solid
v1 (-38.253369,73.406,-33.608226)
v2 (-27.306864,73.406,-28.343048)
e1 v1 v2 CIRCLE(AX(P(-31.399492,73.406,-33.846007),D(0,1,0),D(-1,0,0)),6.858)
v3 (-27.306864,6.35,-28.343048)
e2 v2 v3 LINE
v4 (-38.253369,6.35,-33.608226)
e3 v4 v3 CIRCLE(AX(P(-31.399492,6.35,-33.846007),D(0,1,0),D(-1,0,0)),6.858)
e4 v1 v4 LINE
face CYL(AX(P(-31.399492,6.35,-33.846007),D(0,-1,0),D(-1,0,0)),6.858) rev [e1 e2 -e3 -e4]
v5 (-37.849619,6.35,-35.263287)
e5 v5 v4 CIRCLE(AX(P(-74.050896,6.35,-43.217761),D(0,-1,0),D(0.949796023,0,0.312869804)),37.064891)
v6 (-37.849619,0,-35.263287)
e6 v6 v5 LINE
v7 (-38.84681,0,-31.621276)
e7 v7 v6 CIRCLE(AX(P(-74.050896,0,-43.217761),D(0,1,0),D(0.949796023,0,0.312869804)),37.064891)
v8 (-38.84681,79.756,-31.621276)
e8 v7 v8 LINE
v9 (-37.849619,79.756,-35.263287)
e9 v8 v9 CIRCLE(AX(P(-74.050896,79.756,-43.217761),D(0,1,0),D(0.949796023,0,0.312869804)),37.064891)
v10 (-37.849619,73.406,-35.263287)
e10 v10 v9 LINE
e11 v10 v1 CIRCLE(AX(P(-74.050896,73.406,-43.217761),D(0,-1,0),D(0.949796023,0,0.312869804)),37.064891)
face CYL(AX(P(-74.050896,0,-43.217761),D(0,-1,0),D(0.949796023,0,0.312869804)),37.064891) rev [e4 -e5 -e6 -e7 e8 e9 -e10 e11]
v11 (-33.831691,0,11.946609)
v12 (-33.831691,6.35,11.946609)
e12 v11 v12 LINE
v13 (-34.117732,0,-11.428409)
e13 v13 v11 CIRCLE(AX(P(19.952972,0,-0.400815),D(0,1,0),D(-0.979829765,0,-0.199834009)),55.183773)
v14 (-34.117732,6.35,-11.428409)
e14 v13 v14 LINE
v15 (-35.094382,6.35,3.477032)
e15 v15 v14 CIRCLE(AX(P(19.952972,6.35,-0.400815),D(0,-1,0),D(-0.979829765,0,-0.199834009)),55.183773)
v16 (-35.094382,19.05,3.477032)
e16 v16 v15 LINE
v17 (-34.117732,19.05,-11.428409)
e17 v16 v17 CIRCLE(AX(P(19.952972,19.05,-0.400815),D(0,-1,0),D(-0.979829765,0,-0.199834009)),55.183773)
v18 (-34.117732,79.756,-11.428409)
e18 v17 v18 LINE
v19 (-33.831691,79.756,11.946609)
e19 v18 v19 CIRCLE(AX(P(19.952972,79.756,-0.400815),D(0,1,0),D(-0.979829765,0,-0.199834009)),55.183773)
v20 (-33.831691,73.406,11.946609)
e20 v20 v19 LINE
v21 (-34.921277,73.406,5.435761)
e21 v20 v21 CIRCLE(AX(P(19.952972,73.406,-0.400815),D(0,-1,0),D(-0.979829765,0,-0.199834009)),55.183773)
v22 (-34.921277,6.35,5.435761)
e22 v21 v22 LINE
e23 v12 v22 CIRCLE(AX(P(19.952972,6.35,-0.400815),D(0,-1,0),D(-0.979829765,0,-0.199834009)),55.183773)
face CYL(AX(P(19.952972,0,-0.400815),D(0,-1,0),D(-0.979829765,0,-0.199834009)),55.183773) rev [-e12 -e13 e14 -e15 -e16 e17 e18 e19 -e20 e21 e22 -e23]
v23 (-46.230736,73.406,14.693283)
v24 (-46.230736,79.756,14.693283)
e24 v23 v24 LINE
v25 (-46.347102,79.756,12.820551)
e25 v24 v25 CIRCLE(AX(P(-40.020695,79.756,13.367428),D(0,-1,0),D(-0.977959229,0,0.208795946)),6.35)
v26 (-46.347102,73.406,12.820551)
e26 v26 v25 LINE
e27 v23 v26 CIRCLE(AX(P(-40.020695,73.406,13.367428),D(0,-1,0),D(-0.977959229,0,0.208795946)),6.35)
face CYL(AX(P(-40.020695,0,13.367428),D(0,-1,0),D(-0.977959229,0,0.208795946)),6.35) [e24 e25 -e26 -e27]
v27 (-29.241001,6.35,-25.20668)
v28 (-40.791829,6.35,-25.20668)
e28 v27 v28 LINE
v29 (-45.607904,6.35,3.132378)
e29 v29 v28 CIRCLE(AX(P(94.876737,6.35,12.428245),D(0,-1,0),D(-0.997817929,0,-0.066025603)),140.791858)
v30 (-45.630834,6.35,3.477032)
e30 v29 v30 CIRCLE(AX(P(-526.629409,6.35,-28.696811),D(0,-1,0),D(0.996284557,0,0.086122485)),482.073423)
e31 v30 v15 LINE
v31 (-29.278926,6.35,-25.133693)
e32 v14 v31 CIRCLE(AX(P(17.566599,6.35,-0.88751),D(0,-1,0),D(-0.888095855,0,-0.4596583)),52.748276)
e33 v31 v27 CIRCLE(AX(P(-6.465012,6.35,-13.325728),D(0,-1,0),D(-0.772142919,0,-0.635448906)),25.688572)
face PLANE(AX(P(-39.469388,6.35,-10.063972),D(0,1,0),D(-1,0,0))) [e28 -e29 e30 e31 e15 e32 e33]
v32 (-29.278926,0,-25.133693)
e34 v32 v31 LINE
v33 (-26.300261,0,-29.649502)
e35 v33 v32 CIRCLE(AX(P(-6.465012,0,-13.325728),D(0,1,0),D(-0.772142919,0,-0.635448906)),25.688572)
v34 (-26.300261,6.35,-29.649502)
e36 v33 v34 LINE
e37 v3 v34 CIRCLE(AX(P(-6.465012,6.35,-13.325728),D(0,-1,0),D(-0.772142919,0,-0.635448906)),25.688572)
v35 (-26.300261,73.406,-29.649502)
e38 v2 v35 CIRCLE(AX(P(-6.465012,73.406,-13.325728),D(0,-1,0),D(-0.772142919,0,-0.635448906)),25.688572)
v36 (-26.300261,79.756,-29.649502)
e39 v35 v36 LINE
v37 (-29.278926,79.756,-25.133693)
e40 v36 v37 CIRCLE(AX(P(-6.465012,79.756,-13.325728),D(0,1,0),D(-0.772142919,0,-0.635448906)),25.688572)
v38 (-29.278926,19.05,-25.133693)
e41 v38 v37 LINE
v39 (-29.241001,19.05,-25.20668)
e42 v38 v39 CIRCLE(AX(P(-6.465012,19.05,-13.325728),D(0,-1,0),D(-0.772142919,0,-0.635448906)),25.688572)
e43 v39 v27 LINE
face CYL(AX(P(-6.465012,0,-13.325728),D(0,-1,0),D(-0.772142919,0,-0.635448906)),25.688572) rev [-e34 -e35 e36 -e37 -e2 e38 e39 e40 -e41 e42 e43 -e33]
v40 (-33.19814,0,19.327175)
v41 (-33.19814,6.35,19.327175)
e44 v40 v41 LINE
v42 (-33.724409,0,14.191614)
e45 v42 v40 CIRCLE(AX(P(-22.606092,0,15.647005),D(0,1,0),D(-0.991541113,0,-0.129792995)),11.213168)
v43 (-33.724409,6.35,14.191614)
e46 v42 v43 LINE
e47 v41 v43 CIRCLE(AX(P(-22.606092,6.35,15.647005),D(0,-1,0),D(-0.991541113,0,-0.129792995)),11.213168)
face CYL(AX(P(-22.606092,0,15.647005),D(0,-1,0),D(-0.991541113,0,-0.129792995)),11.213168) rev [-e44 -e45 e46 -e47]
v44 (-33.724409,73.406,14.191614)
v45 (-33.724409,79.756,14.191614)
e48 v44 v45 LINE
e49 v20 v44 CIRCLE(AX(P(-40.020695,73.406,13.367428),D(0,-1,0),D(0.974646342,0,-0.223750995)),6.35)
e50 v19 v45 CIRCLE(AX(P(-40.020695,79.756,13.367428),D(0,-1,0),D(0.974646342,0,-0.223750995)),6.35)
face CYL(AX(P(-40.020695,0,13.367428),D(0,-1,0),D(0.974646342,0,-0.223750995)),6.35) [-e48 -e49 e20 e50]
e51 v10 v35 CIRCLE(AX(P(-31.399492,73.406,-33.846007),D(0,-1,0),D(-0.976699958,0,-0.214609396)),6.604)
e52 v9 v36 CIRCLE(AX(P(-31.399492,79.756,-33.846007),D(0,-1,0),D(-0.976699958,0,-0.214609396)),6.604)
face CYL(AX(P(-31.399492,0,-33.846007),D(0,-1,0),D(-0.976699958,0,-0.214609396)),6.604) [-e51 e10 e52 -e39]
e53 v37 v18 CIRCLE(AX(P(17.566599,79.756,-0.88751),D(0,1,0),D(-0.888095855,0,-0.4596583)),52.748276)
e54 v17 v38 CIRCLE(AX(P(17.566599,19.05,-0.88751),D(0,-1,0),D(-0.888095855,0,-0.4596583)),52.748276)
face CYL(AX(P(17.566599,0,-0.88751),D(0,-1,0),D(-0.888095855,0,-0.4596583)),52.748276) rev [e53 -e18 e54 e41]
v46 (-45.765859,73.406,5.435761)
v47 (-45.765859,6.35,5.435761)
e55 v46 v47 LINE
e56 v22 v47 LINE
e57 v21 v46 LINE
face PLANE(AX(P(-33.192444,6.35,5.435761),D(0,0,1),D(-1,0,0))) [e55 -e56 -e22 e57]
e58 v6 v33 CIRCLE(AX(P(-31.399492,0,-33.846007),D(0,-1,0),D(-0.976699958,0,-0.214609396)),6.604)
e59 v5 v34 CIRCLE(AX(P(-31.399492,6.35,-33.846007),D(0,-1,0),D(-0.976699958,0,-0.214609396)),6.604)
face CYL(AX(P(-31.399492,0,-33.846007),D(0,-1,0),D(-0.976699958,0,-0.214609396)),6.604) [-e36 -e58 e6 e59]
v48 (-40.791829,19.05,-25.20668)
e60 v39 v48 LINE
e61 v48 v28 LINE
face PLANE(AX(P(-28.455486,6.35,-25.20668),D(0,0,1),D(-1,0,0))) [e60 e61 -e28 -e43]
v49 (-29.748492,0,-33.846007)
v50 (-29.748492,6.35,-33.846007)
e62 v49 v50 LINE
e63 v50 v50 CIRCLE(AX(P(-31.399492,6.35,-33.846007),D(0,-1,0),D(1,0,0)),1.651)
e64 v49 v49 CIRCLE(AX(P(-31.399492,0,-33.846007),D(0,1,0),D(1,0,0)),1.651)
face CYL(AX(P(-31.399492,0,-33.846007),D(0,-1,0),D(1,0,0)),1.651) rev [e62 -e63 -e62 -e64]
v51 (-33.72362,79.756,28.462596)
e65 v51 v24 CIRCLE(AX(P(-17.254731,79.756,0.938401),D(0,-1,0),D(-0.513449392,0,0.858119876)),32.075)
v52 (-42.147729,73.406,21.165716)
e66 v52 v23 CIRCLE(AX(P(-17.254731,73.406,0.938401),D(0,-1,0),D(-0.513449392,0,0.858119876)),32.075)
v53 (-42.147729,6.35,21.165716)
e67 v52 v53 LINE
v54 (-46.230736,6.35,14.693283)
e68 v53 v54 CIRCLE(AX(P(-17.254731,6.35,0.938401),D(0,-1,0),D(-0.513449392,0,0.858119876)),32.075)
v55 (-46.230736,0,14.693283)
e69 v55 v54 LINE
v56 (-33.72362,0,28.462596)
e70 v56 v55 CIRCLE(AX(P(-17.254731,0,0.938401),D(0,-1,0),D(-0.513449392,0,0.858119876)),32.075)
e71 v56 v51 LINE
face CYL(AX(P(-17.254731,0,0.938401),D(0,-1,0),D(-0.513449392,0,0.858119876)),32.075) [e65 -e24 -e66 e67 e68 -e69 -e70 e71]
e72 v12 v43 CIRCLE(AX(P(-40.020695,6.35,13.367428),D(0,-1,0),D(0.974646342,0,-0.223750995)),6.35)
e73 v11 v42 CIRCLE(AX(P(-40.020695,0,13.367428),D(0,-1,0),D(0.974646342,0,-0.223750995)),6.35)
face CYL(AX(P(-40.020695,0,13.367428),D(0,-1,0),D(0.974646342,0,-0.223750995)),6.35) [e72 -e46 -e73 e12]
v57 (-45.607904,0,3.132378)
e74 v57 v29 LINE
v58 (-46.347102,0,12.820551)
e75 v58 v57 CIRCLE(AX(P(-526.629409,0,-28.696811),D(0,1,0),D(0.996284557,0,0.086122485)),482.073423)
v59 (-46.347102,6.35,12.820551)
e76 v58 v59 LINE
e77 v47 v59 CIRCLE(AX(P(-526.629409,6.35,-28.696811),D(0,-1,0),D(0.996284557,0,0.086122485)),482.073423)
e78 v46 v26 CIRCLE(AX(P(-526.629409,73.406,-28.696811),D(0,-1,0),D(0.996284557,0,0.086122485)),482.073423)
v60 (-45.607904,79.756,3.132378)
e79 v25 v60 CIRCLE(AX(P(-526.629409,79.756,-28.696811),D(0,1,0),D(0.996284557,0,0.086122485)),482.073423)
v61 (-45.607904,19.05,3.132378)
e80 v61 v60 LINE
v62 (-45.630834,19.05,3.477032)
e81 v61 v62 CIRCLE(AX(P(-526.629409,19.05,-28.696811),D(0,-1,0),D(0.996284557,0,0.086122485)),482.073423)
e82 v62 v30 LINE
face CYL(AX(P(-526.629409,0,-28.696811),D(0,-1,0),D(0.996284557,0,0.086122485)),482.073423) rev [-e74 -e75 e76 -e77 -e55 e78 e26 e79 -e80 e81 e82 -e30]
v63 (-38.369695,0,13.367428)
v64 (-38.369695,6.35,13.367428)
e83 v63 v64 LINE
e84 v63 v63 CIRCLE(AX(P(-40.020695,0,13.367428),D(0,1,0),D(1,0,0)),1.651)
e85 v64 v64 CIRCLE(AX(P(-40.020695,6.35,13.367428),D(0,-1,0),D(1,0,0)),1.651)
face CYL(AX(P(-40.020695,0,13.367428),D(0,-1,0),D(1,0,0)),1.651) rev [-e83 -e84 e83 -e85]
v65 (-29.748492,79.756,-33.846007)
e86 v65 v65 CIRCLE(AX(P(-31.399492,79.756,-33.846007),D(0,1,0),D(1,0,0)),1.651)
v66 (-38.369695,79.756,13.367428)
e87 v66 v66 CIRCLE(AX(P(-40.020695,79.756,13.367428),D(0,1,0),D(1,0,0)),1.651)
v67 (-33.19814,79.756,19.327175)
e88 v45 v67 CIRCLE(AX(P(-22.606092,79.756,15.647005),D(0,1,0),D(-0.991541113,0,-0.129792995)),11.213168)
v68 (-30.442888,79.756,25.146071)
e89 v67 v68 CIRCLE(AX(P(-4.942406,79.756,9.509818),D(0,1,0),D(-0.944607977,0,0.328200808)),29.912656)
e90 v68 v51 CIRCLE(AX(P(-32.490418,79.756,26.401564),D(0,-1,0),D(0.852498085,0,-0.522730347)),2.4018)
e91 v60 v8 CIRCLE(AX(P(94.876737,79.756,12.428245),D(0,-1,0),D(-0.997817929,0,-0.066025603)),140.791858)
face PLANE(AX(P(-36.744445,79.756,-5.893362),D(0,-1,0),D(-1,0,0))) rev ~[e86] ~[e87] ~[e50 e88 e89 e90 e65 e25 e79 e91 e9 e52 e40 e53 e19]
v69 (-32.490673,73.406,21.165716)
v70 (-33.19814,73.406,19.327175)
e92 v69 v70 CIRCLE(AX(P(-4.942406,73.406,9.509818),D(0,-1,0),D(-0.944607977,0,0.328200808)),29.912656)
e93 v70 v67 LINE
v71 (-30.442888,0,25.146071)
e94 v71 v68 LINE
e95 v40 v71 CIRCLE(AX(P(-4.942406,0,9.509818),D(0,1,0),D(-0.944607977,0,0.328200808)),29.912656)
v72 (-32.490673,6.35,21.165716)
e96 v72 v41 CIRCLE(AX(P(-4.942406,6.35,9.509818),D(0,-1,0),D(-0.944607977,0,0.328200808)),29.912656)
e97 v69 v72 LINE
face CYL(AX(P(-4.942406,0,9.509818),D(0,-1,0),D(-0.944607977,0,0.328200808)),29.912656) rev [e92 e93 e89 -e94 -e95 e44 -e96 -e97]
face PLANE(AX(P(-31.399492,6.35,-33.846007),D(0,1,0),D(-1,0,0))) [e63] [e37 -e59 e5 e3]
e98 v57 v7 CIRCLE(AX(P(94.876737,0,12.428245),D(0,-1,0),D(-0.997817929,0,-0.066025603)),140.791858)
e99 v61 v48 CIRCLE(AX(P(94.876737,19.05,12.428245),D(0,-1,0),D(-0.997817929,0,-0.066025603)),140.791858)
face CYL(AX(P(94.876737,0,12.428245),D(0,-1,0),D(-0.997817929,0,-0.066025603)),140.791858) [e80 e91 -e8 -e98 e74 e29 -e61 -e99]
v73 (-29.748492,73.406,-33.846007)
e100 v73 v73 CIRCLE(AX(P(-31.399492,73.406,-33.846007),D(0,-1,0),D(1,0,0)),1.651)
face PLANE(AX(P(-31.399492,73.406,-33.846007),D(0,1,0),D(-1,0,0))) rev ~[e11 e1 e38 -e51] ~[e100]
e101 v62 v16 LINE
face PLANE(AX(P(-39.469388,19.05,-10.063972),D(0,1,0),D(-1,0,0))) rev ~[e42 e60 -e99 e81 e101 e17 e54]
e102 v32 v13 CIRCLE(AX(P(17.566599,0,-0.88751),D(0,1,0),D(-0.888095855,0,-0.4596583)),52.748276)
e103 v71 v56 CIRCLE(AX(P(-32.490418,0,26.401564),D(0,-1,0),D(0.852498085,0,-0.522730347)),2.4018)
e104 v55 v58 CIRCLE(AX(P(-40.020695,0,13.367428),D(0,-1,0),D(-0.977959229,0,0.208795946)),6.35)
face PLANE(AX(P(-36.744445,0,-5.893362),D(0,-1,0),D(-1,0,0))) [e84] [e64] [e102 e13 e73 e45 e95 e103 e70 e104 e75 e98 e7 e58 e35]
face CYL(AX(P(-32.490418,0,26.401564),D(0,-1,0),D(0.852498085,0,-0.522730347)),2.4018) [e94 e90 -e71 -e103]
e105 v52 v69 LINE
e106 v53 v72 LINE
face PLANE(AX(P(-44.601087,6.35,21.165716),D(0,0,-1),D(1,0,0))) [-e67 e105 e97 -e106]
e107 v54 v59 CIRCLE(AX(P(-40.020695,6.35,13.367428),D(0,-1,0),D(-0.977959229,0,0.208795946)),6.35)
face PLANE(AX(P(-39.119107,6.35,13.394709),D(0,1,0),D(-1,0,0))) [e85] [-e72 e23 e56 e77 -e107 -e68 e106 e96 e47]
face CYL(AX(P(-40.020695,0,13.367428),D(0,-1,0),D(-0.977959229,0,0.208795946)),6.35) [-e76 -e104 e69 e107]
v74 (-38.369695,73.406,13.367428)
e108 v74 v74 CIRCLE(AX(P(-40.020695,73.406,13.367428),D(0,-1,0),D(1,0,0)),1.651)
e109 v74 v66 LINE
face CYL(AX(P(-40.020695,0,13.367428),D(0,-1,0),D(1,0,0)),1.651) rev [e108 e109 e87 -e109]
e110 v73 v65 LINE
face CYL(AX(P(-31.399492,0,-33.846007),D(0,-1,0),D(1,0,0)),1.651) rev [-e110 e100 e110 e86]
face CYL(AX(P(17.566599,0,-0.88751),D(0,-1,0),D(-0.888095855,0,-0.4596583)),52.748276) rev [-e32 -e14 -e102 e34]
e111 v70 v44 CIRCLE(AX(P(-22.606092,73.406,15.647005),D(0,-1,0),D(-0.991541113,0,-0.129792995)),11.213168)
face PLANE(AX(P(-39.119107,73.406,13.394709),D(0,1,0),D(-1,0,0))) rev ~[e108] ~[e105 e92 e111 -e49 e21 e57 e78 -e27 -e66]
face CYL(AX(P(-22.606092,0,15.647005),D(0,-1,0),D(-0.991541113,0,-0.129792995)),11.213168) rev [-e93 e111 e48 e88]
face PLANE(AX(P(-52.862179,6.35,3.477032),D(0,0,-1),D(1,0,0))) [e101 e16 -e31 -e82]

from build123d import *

# Parameters (mm, degrees)
SKETCH1_R           = 1.651
BOSS_EXTRUDE1_DEPTH = 79.756
SKETCH3_R           = 6.858
CUT_EXTRUDE2_DEPTH  = 67.056
CUT_EXTRUDE3_DEPTH  = 12.7


with BuildPart() as part:
    # Sketch1 → Boss-Extrude1 (new body)
    with BuildSketch(Plane(origin=(0, 0, 0), x_dir=(1, 0, 0), z_dir=(0, 1, 0))):
        with BuildLine():
            ThreePointArc((-46.347101967, -12.820550524), (-45.953093742, -7.978326418), (-45.607903753, -3.132377527))
            ThreePointArc((-45.607903753, -3.132377527), (-43.324155634, 14.457824244), (-38.846810395, 31.621276211))
            ThreePointArc((-38.846810395, 31.621276211), (-38.301804917, 33.429574735), (-37.849619012, 35.263287481))
            ThreePointArc((-37.849619012, 35.263287481), (-28.512474187, 39.785530688), (-26.300260653, 29.649502453))
            ThreePointArc((-26.300260653, 29.649502453), (-27.908796698, 27.470225182), (-29.278925969, 25.133692836))
            ThreePointArc((-29.278925969, 25.133692836), (-32.172639115, 18.448511751), (-34.117731608, 11.428409395))
            ThreePointArc((-34.117731608, 11.428409395), (-35.22666999, -0.274420306), (-33.831690761, -11.946609488))
            ThreePointArc((-33.831690761, -11.946609488), (-33.67793303, -13.064327384), (-33.724408967, -14.191613825))
            ThreePointArc((-33.724408967, -14.191613825), (-33.760843575, -16.790093108), (-33.198139816, -19.327175397))
            ThreePointArc((-33.198139816, -19.327175397), (-31.977523501, -22.310967081), (-30.442888304, -25.146070573))
            ThreePointArc((-30.442888304, -25.146070573), (-30.782899932, -28.090653785), (-33.723620439, -28.462596122))
            ThreePointArc((-33.723620439, -28.462596122), (-40.997268986, -22.504520927), (-46.230736135, -14.693282563))
            ThreePointArc((-46.230736135, -14.693282563), (-46.358471746, -13.761238335), (-46.347101967, -12.820550524))
        make_face()
        with Locations((-31.399492492, 33.846007028)):
            Circle(SKETCH1_R, mode=Mode.SUBTRACT)
        with Locations((-40.020695033, -13.367428306)):
            Circle(SKETCH1_R, mode=Mode.SUBTRACT)
    extrude(amount=BOSS_EXTRUDE1_DEPTH)

    # Sketch3 → Cut-Extrude2 (cut)
    with BuildSketch(Plane(origin=(0, 6.35, 0), x_dir=(-1, 0, 0), z_dir=(0, 1, 0))):
        with Locations((31.399492492, -33.846007028)):
            Circle(SKETCH3_R)
        with BuildLine():
            Line((33.192444355, 5.435760509), (47.285899843, 5.435760509))
            Line((47.285899843, 5.435760509), (46.632941201, 11.116111886))
            ThreePointArc((46.632941201, 11.116111886), (46.99317865, 13.785396267), (46.316644417, 16.392531007))
            Line((46.316644417, 16.392531007), (44.60108667, 21.165715919))
            Line((44.60108667, 21.165715919), (30.194900336, 21.165715919))
            Line((30.194900336, 21.165715919), (33.055086417, 12.847311389))
            ThreePointArc((33.055086417, 12.847311389), (33.189965557, 11.90751056), (33.451045025, 10.994682267))
            Line((33.451045025, 10.994682267), (33.192444355, 5.435760509))
        make_face()
    extrude(amount=CUT_EXTRUDE2_DEPTH, mode=Mode.SUBTRACT)

    # Sketch4 → Cut-Extrude3 (cut)
    with BuildSketch(Plane(origin=(0, 6.35, 0), x_dir=(-1, 0, 0), z_dir=(0, 1, 0))):
        Polygon((28.455486036, -25.206679833), (46.063076484, -25.206679833), (52.862178533, 3.477031937), (29.73031767, 3.477031937), align=None)
    extrude(amount=CUT_EXTRUDE3_DEPTH, mode=Mode.SUBTRACT)


solid = part.part
